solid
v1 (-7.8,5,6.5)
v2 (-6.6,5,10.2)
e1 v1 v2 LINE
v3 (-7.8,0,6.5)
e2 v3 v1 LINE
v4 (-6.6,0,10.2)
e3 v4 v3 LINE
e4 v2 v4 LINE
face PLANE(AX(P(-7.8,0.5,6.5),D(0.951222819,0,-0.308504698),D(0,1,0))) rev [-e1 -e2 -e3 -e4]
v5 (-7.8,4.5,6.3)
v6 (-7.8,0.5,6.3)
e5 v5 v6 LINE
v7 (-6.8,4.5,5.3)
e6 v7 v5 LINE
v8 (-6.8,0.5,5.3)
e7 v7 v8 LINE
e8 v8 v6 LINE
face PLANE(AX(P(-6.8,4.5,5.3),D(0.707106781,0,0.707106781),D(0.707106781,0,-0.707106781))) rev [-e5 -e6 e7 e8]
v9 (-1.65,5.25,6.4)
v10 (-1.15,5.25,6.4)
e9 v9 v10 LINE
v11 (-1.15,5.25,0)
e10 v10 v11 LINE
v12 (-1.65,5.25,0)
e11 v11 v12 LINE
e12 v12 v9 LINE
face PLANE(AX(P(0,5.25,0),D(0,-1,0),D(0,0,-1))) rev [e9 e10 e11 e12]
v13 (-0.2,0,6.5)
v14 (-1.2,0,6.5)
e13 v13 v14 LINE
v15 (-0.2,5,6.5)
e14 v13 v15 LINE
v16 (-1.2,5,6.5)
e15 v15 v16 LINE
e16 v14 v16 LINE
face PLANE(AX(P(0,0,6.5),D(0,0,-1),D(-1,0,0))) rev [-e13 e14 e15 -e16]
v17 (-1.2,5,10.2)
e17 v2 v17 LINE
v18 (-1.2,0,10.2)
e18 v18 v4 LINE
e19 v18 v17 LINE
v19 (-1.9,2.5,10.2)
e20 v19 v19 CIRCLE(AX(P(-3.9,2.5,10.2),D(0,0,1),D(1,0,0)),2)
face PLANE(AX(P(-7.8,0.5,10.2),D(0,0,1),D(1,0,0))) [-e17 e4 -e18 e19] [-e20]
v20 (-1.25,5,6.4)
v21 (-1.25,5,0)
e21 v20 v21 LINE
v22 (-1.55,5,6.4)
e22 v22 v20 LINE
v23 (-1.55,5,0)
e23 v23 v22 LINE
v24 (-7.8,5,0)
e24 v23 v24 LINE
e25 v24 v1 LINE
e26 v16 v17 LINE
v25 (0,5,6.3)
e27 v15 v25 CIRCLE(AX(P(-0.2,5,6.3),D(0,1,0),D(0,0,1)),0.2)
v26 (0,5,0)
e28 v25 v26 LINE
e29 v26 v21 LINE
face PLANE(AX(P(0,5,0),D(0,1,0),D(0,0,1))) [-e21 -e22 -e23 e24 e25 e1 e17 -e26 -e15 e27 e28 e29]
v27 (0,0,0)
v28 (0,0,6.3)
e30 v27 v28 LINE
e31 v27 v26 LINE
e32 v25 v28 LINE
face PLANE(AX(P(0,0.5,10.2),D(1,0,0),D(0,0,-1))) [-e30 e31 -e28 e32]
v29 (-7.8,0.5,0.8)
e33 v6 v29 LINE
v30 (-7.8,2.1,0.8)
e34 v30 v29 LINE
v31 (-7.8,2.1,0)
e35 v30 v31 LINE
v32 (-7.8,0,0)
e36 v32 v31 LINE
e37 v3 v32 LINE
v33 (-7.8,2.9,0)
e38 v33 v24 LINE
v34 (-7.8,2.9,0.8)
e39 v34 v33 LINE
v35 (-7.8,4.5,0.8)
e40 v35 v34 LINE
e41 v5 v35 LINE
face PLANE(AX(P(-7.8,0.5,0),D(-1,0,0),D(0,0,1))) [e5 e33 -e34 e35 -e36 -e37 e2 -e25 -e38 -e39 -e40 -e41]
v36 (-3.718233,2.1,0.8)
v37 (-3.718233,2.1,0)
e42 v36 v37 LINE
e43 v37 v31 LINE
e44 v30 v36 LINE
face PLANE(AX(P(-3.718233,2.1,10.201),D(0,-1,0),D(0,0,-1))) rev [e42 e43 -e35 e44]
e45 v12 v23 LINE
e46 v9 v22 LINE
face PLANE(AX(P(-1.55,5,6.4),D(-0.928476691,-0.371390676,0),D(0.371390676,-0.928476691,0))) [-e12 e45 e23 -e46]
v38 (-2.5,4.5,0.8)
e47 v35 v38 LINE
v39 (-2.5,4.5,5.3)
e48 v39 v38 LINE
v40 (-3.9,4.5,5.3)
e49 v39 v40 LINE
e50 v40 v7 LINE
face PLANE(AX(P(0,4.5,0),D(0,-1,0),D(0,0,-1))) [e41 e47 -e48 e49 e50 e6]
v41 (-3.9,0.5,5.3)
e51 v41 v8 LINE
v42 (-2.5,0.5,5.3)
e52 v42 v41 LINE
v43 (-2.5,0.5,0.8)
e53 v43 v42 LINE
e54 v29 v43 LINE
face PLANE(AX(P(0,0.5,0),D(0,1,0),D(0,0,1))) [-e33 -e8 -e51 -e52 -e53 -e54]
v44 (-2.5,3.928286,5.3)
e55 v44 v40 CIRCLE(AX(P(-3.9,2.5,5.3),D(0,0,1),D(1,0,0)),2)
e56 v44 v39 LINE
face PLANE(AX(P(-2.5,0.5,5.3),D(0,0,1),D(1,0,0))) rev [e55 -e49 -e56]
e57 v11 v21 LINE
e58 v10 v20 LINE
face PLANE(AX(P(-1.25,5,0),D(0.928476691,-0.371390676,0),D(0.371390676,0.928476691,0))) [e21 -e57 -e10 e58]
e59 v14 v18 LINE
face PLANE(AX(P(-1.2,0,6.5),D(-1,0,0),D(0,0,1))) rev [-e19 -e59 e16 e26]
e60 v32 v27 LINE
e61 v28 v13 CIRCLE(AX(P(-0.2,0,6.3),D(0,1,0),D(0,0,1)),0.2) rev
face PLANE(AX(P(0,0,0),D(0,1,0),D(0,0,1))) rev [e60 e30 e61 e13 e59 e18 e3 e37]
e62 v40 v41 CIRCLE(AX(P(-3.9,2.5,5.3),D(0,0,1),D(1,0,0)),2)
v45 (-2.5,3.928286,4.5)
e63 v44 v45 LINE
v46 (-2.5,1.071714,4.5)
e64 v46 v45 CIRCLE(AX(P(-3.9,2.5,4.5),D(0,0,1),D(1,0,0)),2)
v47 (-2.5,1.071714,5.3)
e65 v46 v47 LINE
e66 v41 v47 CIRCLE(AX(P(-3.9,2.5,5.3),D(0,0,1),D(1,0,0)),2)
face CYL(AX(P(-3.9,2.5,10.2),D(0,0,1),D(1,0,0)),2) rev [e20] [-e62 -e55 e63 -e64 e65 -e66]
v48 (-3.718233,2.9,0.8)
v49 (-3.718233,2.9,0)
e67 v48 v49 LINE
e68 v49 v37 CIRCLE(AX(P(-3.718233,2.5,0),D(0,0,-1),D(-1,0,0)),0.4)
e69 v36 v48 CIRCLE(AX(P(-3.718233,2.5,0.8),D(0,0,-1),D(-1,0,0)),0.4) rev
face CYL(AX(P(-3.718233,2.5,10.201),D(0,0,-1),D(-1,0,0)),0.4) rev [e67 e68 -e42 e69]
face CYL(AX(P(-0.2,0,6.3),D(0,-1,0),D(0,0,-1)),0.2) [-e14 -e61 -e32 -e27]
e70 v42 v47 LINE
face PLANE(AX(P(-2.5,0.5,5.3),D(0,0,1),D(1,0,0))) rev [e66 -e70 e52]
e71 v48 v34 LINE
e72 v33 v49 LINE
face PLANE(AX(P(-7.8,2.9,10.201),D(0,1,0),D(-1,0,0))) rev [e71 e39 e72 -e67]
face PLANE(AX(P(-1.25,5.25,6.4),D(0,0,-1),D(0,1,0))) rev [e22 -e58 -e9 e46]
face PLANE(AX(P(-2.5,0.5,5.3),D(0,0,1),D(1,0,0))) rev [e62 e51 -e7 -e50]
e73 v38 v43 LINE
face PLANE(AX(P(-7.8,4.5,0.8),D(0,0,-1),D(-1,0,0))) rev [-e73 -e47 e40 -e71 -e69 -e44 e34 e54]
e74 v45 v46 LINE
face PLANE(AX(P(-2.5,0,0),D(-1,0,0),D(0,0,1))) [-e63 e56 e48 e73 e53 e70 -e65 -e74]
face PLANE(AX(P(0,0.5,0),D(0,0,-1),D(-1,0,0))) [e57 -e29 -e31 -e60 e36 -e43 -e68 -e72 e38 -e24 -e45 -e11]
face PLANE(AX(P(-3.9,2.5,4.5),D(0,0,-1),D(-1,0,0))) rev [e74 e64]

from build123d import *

# Parameters (mm, degrees)
SKETCH_1_W                = 7.8
SKETCH_1_H                = 10.2
EXTRUDE_1_DEPTH           = 4.5
CUT_EXTRUDE_1_DEPTH       = 4
SKETCH_3_W                = 4.5
SKETCH_3_H                = 4
CUT_EXTRUDE_2_DEPTH       = 4.3
SKETCH_4_W                = 7.8
SKETCH_4_H                = 10.2
EXTRUDE_2_DEPTH           = 0.5
SKETCH_5_W                = 1.2
SKETCH_5_H                = 3.7
CUT_EXTRUDE_3_DEPTH       = 14.779695207
CUT_EXTRUDE_4_REACH       = 15.78
SKETCH_7_W                = 0.3
SKETCH_7_H                = 6.4
EXTRUDE_3_DEPTH           = 0.25
DRAFT_1_ANGLE             = -21.801409486
HOLE_WIZARD_4_0_4_1_D     = 4
HOLE_WIZARD_4_0_4_1_DEPTH = 5.7
CHAMFER_1_SIZE            = 1.2
CHAMFER_1_SIZE2           = 3.7
FILLET_1_R                = 0.2


with BuildPart() as part:
    # Эскиз1 → Бобышка-Вытянуть1 (new body)
    with BuildSketch(Plane(origin=(0, 5, 0), x_dir=(1, 0, 0), z_dir=(0, 1, 0))):
        with Locations((-3.9, -5.1)):
            Rectangle(SKETCH_1_W, SKETCH_1_H)
    extrude(amount=-EXTRUDE_1_DEPTH)

    # Эскиз2 → Вырез-Вытянуть1 (cut)
    with BuildSketch(Plane.XZ.offset(-0.5)):
        Polygon((-6.8, 0.8), (-6.8, 5.3), (-7.8, 6.3), (-7.8, 0.8), align=None)
    extrude(amount=-CUT_EXTRUDE_1_DEPTH, mode=Mode.SUBTRACT)

    # Эскиз3 → Вырез-Вытянуть2 (cut)
    with BuildSketch(Plane.ZY.offset(6.8)):
        with Locations((3.05, 2.5)):
            Rectangle(SKETCH_3_W, SKETCH_3_H)
    extrude(amount=-CUT_EXTRUDE_2_DEPTH, mode=Mode.SUBTRACT)

    # Эскиз4 → Бобышка-Вытянуть2 (add)
    with BuildSketch(Plane.XZ.offset(-0.5)):
        with Locations((-3.9, 5.1)):
            Rectangle(SKETCH_4_W, SKETCH_4_H)
    extrude(amount=EXTRUDE_2_DEPTH)

    # Эскиз5 → Вырез-Вытянуть3 (cut, through all)
    with BuildSketch(Plane(origin=(0, 5, 0), x_dir=(-1, 0, 0), z_dir=(0, 1, 0))):
        with Locations((0.6, 8.35)):
            Rectangle(SKETCH_5_W, SKETCH_5_H)
    extrude(amount=-CUT_EXTRUDE_3_DEPTH, mode=Mode.SUBTRACT)

    # Эскиз6 → Вырез-Вытянуть4 (cut, up to next)
    with BuildSketch(Plane(origin=(0, 0, 0), x_dir=(-1, 0, 0), z_dir=(0, 0, -1)), mode=Mode.PRIVATE) as cut_extrude_4_sk1:
        with BuildLine():
            Line((7.8, 2.1), (7.8, 2.9))
            Line((7.8, 2.9), (3.71823341, 2.9))
            ThreePointArc((3.71823341, 2.9), (3.31823341, 2.5), (3.71823341, 2.1))
            Line((3.71823341, 2.1), (7.8, 2.1))
        make_face()
    cut_extrude_4_tool1 = extrude(cut_extrude_4_sk1.sketch, amount=-CUT_EXTRUDE_4_REACH, mode=Mode.PRIVATE) & part.part
    add(cut_extrude_4_tool1.solids().sort_by_distance((-5.60113, 2.5, 0))[0], mode=Mode.SUBTRACT)

    # Эскиз7 → Бобышка-Вытянуть3 (add)
    with BuildSketch(Plane(origin=(0, 5, 0), x_dir=(-1, 0, 0), z_dir=(0, 1, 0))):
        with Locations((1.4, 3.2)):
            Rectangle(SKETCH_7_W, SKETCH_7_H)
    extrude(amount=EXTRUDE_3_DEPTH)

    # Уклон1
    draft_1_faces = [part.faces().sort_by_distance(p)[0] for p in [
        (-1.55, 5.125, 3.2),
        (-1.25, 5.125, 3.2),
    ]]
    draft(draft_1_faces, Plane.ZX.offset(5), DRAFT_1_ANGLE)

    # Диаметр отверстия Ø4.0 (4)1
    with Locations(Plane.XY.offset(10.2)):
        with Locations((-3.9, 2.5)):
            Hole(HOLE_WIZARD_4_0_4_1_D / 2, depth=HOLE_WIZARD_4_0_4_1_DEPTH)

    # Фаска1
    chamfer_1_edges = [part.edges().sort_by_distance(p)[0] for p in [
        (-7.8, 2.5, 10.2),
    ]]
    chamfer_1_side = [part.faces().sort_by_distance(p)[0] for p in [
        (-4.5, 4.917199034, 10.2),
    ]]
    chamfer(chamfer_1_edges, length=CHAMFER_1_SIZE, length2=CHAMFER_1_SIZE2, reference=chamfer_1_side[0])

    # Скругление1
    fillet_1_edges = [part.edges().sort_by_distance(p)[0] for p in [
        (0, 2.5, 6.5),
    ]]
    fillet(fillet_1_edges, radius=FILLET_1_R)


solid = part.part
